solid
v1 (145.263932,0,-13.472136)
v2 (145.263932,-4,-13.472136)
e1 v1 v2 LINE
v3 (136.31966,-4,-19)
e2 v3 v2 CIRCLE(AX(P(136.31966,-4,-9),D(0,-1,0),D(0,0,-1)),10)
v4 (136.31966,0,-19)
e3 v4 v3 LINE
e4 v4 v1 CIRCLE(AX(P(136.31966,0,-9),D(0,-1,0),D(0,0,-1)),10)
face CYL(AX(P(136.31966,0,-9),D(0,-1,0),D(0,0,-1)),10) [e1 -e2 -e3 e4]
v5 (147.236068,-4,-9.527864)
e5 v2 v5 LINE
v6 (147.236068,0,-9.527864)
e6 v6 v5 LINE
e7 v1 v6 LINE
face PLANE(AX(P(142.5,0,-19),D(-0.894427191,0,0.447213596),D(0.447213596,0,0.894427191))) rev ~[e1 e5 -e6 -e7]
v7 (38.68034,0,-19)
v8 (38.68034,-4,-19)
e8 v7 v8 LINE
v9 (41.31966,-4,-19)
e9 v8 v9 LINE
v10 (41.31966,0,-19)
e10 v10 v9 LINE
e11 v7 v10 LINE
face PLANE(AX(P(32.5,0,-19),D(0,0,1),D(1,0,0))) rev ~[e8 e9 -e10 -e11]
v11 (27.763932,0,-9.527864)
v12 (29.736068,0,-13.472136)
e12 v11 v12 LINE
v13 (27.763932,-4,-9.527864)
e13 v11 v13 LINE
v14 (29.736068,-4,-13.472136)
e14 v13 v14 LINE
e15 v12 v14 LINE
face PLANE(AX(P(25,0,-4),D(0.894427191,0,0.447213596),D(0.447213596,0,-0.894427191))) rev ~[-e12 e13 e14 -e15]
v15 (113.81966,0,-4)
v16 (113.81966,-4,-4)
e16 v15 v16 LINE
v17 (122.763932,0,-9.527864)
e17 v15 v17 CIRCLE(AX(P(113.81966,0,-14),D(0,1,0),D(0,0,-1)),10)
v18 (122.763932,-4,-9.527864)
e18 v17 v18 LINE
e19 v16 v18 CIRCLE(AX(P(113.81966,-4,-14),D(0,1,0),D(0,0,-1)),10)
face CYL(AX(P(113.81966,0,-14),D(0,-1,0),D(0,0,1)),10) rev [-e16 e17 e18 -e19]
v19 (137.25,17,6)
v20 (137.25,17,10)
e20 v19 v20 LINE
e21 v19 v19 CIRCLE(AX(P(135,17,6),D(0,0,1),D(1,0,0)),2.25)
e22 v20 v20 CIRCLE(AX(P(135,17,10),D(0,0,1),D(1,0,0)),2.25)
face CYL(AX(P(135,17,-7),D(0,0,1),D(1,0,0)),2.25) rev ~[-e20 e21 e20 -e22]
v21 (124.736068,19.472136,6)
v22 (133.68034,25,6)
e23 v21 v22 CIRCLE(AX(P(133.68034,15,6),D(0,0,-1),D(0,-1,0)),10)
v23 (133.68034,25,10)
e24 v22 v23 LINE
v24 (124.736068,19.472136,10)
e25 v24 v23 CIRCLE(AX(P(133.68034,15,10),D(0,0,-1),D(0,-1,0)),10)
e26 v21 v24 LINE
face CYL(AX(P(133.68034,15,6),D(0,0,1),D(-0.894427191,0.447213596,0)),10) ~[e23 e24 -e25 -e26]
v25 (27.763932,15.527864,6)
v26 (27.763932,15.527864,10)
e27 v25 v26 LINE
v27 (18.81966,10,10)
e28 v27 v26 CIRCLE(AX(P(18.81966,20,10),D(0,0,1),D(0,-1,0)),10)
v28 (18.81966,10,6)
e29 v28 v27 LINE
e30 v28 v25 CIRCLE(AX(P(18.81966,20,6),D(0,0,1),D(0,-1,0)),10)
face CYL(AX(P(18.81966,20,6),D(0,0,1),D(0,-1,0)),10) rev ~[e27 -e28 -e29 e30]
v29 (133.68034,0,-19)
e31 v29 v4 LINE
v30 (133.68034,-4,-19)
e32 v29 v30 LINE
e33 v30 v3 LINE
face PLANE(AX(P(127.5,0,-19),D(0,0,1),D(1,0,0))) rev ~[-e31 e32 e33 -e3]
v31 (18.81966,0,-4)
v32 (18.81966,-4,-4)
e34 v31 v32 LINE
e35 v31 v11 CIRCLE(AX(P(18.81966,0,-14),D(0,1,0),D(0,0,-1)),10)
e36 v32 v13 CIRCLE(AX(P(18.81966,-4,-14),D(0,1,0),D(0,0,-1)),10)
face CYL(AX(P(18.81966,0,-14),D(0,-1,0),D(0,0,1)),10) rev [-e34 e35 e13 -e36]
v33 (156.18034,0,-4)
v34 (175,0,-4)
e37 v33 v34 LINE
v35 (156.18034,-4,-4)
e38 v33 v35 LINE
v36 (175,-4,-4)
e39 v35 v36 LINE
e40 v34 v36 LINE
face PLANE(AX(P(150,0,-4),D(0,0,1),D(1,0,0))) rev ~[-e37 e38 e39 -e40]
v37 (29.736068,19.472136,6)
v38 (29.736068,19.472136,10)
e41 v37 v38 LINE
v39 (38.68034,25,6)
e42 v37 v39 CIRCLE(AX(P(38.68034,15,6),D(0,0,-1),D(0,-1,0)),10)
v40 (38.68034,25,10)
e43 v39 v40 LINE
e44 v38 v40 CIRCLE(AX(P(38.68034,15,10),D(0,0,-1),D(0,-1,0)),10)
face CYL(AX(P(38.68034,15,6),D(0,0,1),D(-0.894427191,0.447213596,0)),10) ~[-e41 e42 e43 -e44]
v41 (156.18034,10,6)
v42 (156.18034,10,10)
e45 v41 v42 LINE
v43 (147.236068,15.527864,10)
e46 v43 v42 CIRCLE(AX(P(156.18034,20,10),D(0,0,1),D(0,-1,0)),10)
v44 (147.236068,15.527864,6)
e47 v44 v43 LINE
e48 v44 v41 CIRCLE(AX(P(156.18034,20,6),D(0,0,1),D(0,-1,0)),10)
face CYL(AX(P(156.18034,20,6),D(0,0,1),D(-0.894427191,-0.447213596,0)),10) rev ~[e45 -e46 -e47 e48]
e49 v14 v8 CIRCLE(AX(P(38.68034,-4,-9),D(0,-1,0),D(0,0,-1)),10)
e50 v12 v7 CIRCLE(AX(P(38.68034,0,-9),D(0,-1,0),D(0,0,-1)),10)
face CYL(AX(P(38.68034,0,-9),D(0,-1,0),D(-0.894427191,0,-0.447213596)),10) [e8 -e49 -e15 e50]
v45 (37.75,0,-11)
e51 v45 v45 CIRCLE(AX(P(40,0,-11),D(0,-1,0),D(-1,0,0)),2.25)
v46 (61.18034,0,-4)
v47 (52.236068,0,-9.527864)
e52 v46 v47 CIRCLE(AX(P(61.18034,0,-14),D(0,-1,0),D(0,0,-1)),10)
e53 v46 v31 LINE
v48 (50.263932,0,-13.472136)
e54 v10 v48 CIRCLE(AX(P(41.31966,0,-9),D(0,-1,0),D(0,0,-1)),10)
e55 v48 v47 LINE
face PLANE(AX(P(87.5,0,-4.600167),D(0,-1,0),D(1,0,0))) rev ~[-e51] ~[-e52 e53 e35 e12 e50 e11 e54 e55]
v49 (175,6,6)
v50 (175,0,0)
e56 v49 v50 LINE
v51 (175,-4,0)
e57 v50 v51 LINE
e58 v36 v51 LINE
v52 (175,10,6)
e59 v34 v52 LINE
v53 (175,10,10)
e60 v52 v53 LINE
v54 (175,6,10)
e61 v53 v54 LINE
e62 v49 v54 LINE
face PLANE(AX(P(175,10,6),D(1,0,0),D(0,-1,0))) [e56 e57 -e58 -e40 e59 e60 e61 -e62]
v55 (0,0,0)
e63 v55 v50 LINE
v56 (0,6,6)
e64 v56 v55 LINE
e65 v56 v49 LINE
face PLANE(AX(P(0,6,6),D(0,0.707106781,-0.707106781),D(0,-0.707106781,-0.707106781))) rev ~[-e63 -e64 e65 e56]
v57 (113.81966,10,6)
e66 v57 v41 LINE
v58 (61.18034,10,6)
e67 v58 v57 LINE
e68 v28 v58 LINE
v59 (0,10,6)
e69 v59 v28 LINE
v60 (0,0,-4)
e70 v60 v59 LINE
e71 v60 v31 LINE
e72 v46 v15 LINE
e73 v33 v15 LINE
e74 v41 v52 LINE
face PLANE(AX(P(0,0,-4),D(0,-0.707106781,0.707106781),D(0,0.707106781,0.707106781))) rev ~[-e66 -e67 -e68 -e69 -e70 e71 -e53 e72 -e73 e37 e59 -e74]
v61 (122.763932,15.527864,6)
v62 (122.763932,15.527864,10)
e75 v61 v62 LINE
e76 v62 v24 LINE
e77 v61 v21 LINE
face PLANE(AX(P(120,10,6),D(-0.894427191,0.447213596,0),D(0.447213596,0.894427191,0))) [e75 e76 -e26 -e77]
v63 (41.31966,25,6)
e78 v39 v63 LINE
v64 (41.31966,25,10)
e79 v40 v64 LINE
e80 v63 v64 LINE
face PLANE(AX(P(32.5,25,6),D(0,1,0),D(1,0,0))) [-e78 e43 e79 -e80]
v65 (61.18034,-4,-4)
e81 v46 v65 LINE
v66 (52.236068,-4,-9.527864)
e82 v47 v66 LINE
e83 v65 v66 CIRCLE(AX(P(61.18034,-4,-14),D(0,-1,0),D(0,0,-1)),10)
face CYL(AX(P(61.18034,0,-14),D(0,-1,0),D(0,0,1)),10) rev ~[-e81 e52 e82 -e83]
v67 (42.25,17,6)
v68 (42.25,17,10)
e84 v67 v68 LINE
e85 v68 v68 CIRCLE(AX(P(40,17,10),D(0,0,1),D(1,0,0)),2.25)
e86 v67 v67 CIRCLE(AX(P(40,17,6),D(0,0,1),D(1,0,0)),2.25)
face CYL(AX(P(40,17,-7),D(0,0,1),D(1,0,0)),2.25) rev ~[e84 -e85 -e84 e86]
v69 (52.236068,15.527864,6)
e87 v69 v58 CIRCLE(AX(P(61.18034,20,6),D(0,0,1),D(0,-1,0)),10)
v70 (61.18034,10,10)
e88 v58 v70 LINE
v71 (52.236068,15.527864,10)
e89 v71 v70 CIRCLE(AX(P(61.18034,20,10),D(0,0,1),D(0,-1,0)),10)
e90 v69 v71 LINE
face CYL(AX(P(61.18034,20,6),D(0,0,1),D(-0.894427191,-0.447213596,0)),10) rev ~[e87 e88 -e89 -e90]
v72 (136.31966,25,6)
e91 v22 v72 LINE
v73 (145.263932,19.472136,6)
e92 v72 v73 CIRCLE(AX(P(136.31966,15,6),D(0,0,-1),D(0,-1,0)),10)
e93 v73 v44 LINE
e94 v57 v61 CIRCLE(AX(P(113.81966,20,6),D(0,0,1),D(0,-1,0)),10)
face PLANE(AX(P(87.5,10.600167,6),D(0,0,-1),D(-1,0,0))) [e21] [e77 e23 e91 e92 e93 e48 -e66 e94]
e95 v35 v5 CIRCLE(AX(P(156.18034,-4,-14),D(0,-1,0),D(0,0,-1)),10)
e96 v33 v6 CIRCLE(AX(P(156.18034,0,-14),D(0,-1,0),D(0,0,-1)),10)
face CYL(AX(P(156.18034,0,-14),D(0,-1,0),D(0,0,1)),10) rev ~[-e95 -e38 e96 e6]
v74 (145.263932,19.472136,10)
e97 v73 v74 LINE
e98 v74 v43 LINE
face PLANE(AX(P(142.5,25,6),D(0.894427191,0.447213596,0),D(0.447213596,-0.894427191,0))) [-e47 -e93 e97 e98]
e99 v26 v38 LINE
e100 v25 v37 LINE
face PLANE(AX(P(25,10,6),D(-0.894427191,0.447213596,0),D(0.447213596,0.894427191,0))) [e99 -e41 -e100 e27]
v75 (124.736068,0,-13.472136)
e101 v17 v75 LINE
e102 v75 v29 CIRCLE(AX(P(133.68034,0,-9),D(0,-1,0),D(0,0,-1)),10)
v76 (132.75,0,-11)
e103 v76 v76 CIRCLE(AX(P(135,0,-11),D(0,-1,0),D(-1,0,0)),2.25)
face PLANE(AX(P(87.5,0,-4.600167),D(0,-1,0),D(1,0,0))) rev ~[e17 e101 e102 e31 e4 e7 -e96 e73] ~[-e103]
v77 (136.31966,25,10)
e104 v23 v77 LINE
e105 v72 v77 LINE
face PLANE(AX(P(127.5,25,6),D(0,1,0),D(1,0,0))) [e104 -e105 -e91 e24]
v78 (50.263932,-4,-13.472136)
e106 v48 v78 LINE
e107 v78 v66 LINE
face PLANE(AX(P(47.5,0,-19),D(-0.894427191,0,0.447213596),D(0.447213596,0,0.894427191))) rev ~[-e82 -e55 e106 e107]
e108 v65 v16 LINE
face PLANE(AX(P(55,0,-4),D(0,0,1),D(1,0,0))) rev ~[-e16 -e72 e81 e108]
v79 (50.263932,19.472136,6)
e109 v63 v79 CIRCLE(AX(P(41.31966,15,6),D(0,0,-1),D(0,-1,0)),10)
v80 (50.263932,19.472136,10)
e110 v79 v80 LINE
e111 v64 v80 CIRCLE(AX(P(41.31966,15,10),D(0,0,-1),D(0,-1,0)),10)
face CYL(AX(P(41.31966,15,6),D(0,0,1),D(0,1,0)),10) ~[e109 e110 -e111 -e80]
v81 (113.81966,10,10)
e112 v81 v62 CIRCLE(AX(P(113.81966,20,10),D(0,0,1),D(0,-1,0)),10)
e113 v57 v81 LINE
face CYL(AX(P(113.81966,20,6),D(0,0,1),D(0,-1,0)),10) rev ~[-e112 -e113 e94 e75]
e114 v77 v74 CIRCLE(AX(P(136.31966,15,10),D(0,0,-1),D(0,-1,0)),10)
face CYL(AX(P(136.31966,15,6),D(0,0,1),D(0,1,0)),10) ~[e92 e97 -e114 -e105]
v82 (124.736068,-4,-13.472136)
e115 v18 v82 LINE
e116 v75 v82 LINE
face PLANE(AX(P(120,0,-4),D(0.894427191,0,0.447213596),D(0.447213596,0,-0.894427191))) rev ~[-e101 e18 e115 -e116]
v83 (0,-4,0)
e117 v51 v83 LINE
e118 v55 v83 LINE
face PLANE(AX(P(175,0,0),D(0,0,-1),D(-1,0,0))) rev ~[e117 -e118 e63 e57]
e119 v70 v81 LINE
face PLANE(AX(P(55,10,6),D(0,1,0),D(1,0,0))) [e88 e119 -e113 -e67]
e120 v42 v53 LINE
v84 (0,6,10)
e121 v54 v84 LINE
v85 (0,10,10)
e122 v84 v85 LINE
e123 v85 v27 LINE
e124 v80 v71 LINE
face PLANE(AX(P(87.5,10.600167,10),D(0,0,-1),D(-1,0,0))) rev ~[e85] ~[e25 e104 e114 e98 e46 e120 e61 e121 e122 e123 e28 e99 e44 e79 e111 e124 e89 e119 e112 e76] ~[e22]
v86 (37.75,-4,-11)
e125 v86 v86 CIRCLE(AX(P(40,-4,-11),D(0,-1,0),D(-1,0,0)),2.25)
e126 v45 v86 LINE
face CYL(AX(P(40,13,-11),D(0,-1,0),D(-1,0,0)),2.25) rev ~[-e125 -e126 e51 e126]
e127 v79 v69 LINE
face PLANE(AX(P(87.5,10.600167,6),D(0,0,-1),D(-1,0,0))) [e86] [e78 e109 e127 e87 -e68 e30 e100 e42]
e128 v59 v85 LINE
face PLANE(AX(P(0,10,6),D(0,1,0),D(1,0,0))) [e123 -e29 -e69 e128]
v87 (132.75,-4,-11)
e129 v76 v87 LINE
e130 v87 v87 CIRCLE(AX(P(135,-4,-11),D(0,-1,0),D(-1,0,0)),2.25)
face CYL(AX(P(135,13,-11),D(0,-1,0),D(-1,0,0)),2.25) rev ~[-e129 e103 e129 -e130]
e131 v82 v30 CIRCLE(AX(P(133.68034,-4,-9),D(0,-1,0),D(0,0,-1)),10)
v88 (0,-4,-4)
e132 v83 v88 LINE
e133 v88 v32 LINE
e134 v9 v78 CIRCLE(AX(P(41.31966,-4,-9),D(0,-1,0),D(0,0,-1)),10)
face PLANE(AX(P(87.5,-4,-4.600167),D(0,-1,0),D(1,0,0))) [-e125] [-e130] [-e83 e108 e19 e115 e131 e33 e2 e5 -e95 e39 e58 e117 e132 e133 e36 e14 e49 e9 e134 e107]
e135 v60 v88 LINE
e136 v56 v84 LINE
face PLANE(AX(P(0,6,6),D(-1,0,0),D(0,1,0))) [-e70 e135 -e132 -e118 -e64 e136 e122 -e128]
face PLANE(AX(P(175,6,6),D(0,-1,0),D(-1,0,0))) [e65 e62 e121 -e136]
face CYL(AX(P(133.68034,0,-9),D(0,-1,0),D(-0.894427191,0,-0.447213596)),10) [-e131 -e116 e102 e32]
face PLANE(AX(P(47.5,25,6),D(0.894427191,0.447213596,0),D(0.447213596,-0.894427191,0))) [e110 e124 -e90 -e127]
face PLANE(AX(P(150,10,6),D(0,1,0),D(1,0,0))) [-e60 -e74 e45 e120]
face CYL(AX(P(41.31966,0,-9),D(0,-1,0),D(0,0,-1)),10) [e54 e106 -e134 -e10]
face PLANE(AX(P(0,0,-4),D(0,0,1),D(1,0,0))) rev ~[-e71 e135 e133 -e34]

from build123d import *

# Parameters (mm, degrees)
ESTRUSIONE_ESTRUSIONE1_DEPTH = 175
ESTRUSIONE_ESTRUSIONE2_DEPTH = 4
ESTRUSIONE_ESTRUSIONE3_DEPTH = 4
RACCORDO1_R                  = 10
FORO_PER_VITE_M4_1_D         = 4.5
FORO_PER_VITE_M4_1_DEPTH     = 13
FORO_PER_VITE_M4_1_TIP       = 1.351936393
FORO_PER_VITE_M4_2_D         = 4.5
FORO_PER_VITE_M4_2_DEPTH     = 13
FORO_PER_VITE_M4_2_TIP       = 1.351936393


with BuildPart() as part:
    # Schizzo3 → Estrusione-Estrusione1 (new body)
    with BuildSketch(Plane(origin=(0, 0, 0), x_dir=(0, 0, -1), z_dir=(1, 0, 0))):
        Polygon((0, 0), (4, 0), (-6, 10), (-6, 6), align=None)
    extrude(amount=ESTRUSIONE_ESTRUSIONE1_DEPTH)

    # Schizzo4 → Estrusione-Estrusione2 (add)
    with BuildSketch(Plane.XZ):
        Polygon((25, -4), (32.5, -19), (47.5, -19), (55, -4), (120, -4), (127.5, -19), (142.5, -19), (150, -4), (175, -4), (175, 0), (0, 0), (0, -4), align=None)
    extrude(amount=ESTRUSIONE_ESTRUSIONE2_DEPTH)

    # Schizzo5 → Estrusione-Estrusione3 (add)
    with BuildSketch(Plane.XY.offset(6)):
        Polygon((0, 6), (0, 10), (25, 10), (32.5, 25), (47.5, 25), (55, 10), (120, 10), (127.5, 25), (142.5, 25), (150, 10), (175, 10), (175, 6), align=None)
    extrude(amount=ESTRUSIONE_ESTRUSIONE3_DEPTH)

    # Raccordo1
    raccordo1_edges = [part.edges().sort_by_distance(p)[0] for p in [
        (25, -2, -4),
        (32.5, -2, -19),
        (47.5, -2, -19),
        (55, -2, -4),
        (120, -2, -4),
        (127.5, -2, -19),
        (142.5, -2, -19),
        (150, -2, -4),
        (150, 10, 8),
        (142.5, 25, 8),
        (127.5, 25, 8),
        (120, 10, 8),
        (55, 10, 8),
        (47.5, 25, 8),
        (32.5, 25, 8),
        (25, 10, 8),
    ]]
    fillet(raccordo1_edges, radius=RACCORDO1_R)

    # Foro per Vite M4-1
    with Locations(Plane(origin=(0, 0, 0), x_dir=(1, 0, 0), z_dir=(0, 1, 0))):
        with Locations((135, 11), (40, 11)):
            Hole(FORO_PER_VITE_M4_1_D / 2, depth=FORO_PER_VITE_M4_1_DEPTH)
            with Locations((0, 0, -(FORO_PER_VITE_M4_1_DEPTH + FORO_PER_VITE_M4_1_TIP / 2))):  # 118° drill point
                Cone(0, FORO_PER_VITE_M4_1_D / 2, FORO_PER_VITE_M4_1_TIP, mode=Mode.SUBTRACT)

    # Foro per Vite M4-2
    with Locations(Plane(origin=(0, 0, 6), x_dir=(-1, 0, 0), z_dir=(0, 0, -1))):
        with Locations((-40, 17), (-135, 17)):
            Hole(FORO_PER_VITE_M4_2_D / 2, depth=FORO_PER_VITE_M4_2_DEPTH)
            with Locations((0, 0, -(FORO_PER_VITE_M4_2_DEPTH + FORO_PER_VITE_M4_2_TIP / 2))):  # 118° drill point
                Cone(0, FORO_PER_VITE_M4_2_D / 2, FORO_PER_VITE_M4_2_TIP, mode=Mode.SUBTRACT)


solid = part.part
